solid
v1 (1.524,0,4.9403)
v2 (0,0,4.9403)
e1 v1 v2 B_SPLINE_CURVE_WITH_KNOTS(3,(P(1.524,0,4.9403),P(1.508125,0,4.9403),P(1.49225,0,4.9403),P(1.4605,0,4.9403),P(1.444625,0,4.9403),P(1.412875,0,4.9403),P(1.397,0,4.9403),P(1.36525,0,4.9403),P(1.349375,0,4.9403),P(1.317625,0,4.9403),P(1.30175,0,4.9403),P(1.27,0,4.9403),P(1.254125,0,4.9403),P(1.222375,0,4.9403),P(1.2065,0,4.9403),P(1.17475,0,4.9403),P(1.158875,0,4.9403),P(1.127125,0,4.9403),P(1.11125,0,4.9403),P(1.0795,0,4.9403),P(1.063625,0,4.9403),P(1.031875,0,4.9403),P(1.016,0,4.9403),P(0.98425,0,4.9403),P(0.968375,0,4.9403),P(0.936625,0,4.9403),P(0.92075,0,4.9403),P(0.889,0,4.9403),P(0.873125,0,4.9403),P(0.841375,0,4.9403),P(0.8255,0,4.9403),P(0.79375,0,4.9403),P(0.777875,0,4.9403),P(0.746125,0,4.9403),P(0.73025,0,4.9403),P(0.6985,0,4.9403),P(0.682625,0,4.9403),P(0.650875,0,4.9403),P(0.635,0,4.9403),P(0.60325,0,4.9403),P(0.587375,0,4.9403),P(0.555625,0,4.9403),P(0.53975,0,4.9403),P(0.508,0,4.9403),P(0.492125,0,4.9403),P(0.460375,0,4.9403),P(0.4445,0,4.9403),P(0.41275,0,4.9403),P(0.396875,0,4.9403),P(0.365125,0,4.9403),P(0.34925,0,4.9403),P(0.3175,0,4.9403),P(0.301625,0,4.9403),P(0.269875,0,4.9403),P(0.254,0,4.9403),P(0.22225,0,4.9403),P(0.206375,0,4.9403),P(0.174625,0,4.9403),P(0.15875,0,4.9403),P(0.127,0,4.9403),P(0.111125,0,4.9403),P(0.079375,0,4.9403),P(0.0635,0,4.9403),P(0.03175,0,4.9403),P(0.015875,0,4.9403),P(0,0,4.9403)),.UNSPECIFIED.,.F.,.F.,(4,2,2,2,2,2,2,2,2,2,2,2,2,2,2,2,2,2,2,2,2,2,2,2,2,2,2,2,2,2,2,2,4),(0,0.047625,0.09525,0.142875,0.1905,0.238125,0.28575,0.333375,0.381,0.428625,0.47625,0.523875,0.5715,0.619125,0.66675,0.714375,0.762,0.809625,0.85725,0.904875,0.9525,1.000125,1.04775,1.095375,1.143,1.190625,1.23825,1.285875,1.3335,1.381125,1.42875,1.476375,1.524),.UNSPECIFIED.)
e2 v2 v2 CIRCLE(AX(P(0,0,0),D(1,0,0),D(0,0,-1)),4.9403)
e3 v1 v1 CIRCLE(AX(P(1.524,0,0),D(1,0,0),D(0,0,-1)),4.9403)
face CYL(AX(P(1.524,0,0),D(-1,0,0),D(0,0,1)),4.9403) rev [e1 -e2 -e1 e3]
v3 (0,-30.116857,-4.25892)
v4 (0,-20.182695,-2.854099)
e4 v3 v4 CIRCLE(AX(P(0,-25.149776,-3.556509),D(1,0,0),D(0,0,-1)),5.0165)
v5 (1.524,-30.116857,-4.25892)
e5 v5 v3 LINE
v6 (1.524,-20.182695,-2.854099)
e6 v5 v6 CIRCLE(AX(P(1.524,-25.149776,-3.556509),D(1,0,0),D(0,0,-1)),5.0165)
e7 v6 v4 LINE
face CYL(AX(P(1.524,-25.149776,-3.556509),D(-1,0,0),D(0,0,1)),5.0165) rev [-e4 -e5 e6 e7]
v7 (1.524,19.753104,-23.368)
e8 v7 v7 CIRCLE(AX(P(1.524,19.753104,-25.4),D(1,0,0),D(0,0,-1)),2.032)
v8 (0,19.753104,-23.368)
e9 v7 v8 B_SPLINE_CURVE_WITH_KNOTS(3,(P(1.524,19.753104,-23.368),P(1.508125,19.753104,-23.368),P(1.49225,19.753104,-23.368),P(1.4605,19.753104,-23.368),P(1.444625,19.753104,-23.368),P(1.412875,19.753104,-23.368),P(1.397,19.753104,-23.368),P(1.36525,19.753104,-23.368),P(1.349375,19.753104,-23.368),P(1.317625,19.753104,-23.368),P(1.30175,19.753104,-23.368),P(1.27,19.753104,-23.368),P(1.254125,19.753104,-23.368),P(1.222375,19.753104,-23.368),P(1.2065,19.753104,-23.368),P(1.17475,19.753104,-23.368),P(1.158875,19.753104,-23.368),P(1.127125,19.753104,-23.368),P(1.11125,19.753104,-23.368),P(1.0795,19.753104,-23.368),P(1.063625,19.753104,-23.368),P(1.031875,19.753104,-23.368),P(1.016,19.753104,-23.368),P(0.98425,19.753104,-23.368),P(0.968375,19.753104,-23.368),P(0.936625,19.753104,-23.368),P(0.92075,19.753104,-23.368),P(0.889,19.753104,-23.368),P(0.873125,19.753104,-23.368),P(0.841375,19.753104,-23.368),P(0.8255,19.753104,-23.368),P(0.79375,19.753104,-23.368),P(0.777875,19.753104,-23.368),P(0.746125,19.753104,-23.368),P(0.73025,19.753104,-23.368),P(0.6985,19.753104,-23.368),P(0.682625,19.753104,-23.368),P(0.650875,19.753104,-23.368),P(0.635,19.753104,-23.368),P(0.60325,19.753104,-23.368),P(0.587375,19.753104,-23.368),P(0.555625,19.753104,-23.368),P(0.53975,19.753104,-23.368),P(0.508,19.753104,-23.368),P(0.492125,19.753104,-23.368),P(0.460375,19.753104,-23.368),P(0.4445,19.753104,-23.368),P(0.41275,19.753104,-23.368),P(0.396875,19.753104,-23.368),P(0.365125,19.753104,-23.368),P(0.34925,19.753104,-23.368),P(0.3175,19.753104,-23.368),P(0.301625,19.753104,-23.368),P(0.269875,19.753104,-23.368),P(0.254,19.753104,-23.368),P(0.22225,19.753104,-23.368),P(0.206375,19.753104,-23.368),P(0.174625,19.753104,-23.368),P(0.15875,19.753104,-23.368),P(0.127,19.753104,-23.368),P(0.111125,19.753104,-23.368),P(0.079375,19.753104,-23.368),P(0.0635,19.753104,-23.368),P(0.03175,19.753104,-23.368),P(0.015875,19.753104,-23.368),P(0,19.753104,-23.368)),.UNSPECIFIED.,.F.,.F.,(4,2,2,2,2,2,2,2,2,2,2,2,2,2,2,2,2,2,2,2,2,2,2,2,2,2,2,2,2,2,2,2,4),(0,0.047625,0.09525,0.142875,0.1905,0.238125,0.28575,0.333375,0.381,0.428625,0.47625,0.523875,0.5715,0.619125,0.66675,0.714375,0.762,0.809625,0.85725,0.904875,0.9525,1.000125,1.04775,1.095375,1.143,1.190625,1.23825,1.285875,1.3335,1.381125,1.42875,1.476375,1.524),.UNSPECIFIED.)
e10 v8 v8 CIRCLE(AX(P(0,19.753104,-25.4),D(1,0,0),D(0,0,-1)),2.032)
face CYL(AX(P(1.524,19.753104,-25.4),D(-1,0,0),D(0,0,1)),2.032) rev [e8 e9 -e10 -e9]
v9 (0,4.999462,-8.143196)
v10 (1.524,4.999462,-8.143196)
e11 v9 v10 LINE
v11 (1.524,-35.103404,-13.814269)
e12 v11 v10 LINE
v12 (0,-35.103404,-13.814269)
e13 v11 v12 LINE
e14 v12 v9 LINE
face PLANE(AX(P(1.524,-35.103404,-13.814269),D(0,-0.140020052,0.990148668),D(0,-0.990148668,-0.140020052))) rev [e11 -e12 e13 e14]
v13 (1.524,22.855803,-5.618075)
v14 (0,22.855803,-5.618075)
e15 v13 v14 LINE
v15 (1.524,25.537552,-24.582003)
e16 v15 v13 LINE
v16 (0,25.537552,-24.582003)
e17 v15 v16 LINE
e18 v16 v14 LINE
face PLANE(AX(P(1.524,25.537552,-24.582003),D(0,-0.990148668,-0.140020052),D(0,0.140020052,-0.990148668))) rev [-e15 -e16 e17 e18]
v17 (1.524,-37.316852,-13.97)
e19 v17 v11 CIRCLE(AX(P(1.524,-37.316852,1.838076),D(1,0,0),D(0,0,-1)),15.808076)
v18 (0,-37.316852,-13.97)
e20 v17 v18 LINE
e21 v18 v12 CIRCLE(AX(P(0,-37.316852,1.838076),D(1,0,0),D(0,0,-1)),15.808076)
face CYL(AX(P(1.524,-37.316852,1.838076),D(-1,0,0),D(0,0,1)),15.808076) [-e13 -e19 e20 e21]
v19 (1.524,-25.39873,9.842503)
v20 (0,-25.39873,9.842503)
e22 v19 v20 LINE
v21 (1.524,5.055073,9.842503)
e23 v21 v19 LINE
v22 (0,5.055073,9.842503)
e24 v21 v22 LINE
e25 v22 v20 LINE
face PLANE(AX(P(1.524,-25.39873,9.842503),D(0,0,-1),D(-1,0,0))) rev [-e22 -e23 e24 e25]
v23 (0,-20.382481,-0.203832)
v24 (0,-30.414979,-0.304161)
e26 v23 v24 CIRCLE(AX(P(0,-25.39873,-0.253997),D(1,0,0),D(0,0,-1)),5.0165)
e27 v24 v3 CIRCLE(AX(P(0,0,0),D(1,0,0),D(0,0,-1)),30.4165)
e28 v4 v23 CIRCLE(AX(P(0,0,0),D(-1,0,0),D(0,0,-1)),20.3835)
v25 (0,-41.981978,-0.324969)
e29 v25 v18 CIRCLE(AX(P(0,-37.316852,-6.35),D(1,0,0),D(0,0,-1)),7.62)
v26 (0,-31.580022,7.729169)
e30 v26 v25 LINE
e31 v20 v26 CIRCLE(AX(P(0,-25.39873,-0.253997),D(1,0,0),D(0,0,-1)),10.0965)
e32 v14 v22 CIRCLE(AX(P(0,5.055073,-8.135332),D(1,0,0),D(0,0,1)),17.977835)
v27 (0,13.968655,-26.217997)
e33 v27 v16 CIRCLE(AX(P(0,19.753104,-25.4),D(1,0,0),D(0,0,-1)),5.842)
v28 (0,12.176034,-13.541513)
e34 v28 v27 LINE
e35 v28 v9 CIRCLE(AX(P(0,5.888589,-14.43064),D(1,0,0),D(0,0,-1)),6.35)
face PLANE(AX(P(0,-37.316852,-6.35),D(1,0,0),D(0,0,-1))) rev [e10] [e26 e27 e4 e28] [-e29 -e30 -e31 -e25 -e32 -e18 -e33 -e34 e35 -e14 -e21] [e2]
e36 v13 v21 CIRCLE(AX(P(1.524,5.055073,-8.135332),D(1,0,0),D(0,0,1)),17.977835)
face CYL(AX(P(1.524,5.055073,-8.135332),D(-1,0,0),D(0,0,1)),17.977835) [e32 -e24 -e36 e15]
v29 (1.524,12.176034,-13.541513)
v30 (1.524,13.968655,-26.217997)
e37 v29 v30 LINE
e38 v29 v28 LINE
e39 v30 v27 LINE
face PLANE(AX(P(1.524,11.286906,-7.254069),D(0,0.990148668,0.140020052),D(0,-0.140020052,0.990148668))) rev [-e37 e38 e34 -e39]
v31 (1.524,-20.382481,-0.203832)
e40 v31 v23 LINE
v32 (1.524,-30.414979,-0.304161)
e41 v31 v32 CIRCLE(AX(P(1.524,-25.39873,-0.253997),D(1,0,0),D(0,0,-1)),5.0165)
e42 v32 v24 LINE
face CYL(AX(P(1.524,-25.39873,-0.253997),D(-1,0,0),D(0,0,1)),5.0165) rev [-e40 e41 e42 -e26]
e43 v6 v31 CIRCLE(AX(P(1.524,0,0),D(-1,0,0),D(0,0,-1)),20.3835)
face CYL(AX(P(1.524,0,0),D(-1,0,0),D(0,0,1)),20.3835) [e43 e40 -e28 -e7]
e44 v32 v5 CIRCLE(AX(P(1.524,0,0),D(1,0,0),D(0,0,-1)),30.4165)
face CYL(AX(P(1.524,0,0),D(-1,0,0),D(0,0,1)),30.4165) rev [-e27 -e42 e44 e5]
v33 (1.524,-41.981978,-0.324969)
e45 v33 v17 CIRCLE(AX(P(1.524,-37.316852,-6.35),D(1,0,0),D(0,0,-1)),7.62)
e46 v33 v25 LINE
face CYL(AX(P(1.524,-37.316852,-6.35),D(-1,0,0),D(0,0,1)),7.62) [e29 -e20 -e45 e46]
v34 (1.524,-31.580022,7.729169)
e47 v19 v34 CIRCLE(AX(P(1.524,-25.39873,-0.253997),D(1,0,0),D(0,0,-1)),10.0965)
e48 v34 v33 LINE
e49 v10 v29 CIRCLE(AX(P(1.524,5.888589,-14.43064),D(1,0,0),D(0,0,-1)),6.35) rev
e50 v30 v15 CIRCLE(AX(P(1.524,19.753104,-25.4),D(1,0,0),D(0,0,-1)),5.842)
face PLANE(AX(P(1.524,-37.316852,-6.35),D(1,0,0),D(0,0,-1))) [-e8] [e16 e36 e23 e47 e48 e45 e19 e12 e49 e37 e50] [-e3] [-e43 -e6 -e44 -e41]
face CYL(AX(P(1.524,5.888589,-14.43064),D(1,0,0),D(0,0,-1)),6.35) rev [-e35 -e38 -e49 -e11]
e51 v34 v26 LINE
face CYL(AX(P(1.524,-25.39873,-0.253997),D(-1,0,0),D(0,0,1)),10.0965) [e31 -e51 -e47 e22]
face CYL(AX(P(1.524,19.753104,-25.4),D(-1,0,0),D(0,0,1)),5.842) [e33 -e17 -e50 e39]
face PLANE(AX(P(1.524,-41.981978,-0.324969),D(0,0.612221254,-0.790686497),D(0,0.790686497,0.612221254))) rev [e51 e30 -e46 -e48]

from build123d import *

# Parameters (mm, degrees)
SKETCH1_R           = 4.9403
SKETCH1_R_2         = 2.032
BOSS_EXTRUDE1_DEPTH = 1.524
FILLET1_R           = 6.35


with BuildPart() as part:
    # Sketch1 → Boss-Extrude1 (new body)
    with BuildSketch(Plane(origin=(0, 0, 0), x_dir=(0, 0, -1), z_dir=(1, 0, 0))):
        with BuildLine():
            Line((13.8142694, -35.103404086), (7.254069056, 11.286906181))
            Line((7.254069056, 11.286906181), (26.217997141, 13.968655167))
            ThreePointArc((26.217997141, 13.968655167), (31.18444852, 20.571100828), (24.582002859, 25.537552207))
            Line((24.582002859, 25.537552207), (5.618074774, 22.85580322))
            ThreePointArc((5.618074774, 22.85580322), (-5.437755223, 16.843791056), (-9.842503175, 5.055073455))
            Line((-9.842503175, 5.055073455), (-9.842503175, -25.39873))
            ThreePointArc((-9.842503175, -25.39873), (-9.299571879, -28.665017997), (-7.729169391, -31.580021889))
            Line((-7.729169391, -31.580021889), (0.324968894, -41.98197763))
            ThreePointArc((0.324968894, -41.98197763), (8.815123016, -44.527092206), (13.97, -37.316851675))
            ThreePointArc((13.97, -37.316851675), (13.931019289, -36.207392094), (13.8142694, -35.103404086))
        make_face()
        with Locations(Location((0, 0, 0), (0, 0, 180))):
            Circle(SKETCH1_R, mode=Mode.SUBTRACT)
        with Locations(Location((25.4, 19.753103687, 0), (0, 0, 180))):
            Circle(SKETCH1_R_2, mode=Mode.SUBTRACT)
        with BuildLine():
            ThreePointArc((0.304161198, -30.414979175), (2.286404707, -30.330443877), (4.258919897, -30.116856967))
            ThreePointArc((4.258919897, -30.116856967), (8.523590103, -24.447365584), (2.85409872, -20.182695379))
            ThreePointArc((2.85409872, -20.182695379), (1.532225284, -20.325829821), (0.203832452, -20.382480825))
            ThreePointArc((0.203832452, -20.382480825), (-4.76225235, -25.448894373), (0.304161198, -30.414979175))
        make_face(mode=Mode.SUBTRACT)
    extrude(amount=BOSS_EXTRUDE1_DEPTH)

    # Fillet1
    fillet1_edges = [part.edges().sort_by_distance(p)[0] for p in [
        (0.762, 11.286906181, -7.254069056),
    ]]
    fillet(fillet1_edges, radius=FILLET1_R)


solid = part.part
